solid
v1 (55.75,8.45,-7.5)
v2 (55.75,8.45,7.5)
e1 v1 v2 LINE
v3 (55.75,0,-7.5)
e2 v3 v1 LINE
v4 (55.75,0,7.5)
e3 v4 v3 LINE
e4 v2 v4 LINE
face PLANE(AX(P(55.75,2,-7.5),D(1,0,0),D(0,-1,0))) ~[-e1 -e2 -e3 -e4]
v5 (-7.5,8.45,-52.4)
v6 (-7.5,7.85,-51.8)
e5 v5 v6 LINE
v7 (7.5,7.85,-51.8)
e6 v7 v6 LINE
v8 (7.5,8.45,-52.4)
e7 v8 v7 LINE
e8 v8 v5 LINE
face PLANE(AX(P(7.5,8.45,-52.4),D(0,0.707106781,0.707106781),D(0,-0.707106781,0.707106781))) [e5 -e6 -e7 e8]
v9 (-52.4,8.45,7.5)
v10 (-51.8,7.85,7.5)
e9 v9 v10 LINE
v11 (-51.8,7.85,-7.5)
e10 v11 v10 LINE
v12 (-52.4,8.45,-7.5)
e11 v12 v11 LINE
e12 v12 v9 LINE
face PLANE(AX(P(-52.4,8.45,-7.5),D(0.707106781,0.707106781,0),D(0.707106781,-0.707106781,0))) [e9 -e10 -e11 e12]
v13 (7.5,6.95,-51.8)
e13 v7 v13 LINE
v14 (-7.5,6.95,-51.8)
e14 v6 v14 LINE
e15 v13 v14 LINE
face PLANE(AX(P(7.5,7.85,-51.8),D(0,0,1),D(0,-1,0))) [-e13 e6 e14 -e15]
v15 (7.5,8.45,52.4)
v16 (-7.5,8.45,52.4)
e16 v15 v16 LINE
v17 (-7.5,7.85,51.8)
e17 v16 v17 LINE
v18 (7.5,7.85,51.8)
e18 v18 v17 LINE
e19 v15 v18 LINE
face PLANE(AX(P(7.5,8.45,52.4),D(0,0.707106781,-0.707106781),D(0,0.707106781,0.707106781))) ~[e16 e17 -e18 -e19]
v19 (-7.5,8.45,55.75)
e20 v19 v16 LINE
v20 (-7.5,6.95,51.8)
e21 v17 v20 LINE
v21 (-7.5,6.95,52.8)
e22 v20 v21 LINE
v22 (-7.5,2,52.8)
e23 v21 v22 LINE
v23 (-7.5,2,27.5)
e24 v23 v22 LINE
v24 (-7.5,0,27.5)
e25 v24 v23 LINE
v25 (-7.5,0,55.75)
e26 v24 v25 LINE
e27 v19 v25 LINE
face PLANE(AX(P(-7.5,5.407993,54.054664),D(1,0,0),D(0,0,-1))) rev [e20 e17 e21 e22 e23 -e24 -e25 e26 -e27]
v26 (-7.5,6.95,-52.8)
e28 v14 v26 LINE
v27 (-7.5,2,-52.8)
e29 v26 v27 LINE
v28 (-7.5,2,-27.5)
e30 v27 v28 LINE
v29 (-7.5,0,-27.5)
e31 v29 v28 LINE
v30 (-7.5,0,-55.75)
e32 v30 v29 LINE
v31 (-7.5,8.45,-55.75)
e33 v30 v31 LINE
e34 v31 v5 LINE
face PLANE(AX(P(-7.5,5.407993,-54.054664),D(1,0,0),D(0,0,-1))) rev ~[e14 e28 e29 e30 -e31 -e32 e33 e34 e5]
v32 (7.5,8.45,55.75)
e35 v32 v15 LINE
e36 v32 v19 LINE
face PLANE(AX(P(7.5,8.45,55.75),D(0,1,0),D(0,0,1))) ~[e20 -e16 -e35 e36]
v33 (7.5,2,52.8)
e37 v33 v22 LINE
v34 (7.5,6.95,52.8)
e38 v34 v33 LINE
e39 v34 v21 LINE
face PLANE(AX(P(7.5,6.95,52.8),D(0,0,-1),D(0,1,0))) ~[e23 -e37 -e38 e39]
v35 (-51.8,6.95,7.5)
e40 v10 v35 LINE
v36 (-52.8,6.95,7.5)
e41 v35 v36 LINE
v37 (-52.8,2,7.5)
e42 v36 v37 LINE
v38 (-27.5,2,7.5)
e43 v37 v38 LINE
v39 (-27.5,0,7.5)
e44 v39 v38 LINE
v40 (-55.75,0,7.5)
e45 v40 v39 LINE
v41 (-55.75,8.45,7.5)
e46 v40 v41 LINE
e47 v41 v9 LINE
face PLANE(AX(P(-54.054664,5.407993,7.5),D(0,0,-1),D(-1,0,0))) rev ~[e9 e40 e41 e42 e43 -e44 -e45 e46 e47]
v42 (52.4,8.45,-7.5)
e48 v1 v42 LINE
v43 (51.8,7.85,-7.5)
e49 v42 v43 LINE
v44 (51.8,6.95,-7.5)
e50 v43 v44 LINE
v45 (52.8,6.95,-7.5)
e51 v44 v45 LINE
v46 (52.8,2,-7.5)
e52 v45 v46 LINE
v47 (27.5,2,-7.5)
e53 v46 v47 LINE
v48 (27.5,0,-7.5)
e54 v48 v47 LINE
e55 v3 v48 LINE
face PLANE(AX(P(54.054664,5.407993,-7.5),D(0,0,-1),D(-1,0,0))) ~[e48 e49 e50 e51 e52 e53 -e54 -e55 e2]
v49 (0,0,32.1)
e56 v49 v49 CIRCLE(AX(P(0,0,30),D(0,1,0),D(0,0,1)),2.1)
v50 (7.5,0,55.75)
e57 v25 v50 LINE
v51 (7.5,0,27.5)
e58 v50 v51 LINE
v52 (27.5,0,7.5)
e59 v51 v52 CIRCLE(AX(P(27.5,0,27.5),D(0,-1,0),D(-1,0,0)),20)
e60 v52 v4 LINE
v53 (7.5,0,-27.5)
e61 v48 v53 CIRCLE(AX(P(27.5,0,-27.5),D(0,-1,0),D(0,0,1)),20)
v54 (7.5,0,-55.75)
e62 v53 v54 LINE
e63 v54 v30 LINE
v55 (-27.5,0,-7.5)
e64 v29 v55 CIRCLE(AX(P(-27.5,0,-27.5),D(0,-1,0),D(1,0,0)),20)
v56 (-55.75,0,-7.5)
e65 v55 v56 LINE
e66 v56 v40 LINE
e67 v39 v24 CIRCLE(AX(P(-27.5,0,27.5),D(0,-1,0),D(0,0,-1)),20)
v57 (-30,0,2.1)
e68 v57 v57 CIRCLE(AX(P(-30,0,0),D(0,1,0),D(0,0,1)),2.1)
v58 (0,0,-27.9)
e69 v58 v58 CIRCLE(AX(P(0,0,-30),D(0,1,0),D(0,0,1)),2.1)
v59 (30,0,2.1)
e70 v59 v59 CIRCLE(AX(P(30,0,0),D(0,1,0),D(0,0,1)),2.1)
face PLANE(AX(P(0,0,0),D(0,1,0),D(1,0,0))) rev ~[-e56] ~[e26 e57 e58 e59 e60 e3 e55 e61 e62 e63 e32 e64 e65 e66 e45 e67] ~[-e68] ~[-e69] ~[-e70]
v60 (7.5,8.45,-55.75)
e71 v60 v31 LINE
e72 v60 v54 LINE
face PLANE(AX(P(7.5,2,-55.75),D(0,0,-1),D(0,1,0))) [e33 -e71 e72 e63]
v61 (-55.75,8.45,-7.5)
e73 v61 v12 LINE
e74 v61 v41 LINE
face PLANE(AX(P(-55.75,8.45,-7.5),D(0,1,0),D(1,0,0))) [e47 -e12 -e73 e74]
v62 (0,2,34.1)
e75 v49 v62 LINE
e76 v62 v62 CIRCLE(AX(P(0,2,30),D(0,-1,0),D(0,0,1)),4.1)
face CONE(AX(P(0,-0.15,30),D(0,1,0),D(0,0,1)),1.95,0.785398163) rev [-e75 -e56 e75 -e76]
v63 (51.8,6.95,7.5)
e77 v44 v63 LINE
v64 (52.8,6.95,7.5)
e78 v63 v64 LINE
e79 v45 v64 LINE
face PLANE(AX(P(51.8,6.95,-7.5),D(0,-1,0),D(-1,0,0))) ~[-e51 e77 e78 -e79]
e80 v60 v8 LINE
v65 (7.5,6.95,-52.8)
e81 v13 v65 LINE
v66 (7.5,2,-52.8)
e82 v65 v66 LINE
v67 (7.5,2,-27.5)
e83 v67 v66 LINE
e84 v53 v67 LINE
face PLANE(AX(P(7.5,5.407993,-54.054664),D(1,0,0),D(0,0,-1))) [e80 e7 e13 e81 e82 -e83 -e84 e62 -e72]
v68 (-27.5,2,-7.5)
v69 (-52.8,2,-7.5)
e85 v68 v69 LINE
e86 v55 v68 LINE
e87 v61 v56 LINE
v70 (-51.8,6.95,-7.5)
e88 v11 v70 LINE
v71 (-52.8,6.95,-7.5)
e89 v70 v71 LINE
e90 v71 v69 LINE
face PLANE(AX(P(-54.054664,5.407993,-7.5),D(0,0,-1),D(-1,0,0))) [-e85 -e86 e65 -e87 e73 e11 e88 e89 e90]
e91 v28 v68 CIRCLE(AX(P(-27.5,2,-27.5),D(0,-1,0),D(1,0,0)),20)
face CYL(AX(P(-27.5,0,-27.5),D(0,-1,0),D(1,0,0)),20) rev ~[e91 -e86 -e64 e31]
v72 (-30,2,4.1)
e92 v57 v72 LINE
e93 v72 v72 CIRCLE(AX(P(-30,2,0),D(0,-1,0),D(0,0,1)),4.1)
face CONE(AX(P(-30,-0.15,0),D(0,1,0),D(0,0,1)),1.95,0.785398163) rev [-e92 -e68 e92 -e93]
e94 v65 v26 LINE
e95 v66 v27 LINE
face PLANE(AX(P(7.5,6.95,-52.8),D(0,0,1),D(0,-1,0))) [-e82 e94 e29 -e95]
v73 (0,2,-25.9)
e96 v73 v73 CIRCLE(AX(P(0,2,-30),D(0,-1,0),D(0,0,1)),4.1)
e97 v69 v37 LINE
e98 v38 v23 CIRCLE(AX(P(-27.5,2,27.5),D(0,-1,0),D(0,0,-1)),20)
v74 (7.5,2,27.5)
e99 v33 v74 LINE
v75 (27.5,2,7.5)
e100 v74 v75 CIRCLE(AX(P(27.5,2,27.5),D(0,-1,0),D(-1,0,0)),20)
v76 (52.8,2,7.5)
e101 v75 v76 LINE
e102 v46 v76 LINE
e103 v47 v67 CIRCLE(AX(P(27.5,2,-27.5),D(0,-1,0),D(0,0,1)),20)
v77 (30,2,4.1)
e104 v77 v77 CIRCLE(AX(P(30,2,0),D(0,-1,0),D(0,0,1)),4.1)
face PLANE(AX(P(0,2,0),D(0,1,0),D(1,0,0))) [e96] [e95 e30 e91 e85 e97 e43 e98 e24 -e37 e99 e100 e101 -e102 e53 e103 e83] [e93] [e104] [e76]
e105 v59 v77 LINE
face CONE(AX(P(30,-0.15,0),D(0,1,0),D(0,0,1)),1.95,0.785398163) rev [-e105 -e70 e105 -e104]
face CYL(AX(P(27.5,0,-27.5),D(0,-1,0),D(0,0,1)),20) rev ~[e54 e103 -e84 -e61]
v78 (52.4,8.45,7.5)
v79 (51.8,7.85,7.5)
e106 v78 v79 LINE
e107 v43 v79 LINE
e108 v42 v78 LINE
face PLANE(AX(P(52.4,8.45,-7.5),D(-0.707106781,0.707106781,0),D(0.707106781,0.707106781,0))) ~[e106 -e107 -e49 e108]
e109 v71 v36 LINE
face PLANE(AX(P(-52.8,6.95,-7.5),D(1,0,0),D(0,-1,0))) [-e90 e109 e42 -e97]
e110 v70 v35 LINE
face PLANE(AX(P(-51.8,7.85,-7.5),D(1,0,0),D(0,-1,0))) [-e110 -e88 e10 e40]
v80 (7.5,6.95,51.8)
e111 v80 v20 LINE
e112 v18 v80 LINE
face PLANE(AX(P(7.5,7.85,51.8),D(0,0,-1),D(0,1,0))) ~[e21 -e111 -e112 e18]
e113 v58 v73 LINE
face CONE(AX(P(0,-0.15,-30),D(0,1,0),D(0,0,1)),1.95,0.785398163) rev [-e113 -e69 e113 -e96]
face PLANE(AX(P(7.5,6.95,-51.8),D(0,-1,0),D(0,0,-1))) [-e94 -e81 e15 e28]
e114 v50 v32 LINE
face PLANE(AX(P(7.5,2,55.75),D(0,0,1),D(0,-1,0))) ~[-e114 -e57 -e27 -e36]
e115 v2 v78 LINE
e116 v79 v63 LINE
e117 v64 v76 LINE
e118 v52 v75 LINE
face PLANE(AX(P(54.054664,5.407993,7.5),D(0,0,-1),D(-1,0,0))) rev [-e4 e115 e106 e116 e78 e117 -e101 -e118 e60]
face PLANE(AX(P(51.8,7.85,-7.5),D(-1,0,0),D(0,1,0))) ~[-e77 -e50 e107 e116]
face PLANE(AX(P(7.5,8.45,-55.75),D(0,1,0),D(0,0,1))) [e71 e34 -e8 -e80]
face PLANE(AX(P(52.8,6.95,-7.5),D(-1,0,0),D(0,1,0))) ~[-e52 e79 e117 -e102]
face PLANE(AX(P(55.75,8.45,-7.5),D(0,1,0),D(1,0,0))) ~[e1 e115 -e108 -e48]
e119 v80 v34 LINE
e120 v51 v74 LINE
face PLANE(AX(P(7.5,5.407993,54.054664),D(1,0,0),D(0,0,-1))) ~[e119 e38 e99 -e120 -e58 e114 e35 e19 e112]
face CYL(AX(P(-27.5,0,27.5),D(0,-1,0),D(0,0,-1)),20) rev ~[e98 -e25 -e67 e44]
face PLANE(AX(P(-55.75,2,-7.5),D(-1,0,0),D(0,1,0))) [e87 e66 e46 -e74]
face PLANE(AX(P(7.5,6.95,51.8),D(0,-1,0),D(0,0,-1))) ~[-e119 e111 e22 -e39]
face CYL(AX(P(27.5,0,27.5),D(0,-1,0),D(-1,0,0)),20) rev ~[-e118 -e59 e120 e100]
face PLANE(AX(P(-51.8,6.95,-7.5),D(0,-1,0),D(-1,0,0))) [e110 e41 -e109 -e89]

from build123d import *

# Parameters (mm, degrees)
BOSS_EXTRUDE1_DEPTH                            = 2
BOSS_EXTRUDE3_DEPTH                            = 15
BOSS_EXTRUDE4_DEPTH                            = 15
CSK_FOR_M3_5_FLAT_HEAD_MACHINE_SCREW1_AT_COUNT = 2
CSK_FOR_M3_5_FLAT_HEAD_MACHINE_SCREW1_AT_PITCH = 42.426406871
CSK_FOR_M3_5_FLAT_HEAD_MACHINE_SCREW_2_COUNT   = 2
CSK_FOR_M3_5_FLAT_HEAD_MACHINE_SCREW_2_PITCH   = 60
CSK_FOR_M3_5_FLAT_HEAD_MACHINE_SCREW_3_COUNT   = 2
CSK_FOR_M3_5_FLAT_HEAD_MACHINE_SCREW_3_PITCH   = 42.426406871


with BuildPart() as part:
    # Sketch1 → Boss-Extrude1 (new body)
    with BuildSketch(Plane(origin=(0, 0, 0), x_dir=(1, 0, 0), z_dir=(0, 1, 0))):
        with BuildLine():
            Line((-7.5, 55.75), (-7.5, 27.5))
            ThreePointArc((-7.5, 27.5), (-13.357864376, 13.357864376), (-27.5, 7.5))
            Line((-27.5, 7.5), (-55.75, 7.5))
            Line((-55.75, 7.5), (-55.75, -7.5))
            Line((-55.75, -7.5), (-27.5, -7.5))
            ThreePointArc((-27.5, -7.5), (-13.357864376, -13.357864376), (-7.5, -27.5))
            Line((-7.5, -27.5), (-7.5, -55.75))
            Line((-7.5, -55.75), (7.5, -55.75))
            Line((7.5, -55.75), (7.5, -27.5))
            ThreePointArc((7.5, -27.5), (13.357864376, -13.357864376), (27.5, -7.5))
            Line((27.5, -7.5), (55.75, -7.5))
            Line((55.75, -7.5), (55.75, 7.5))
            Line((55.75, 7.5), (27.5, 7.5))
            ThreePointArc((27.5, 7.5), (13.357864376, 13.357864376), (7.5, 27.5))
            Line((7.5, 27.5), (7.5, 55.75))
            Line((7.5, 55.75), (-7.5, 55.75))
        make_face()
    extrude(amount=BOSS_EXTRUDE1_DEPTH)

    # Sketch3 → Boss-Extrude3 (add)
    with BuildSketch(Plane(origin=(7.5, 0, 0), x_dir=(0, 0, -1), z_dir=(1, 0, 0))):
        Polygon((55.75, 2), (55.75, 8.45), (52.4, 8.45), (51.8, 7.85), (51.8, 6.95), (52.8, 6.95), (52.8, 2), align=None)
    boss_extrude3 = extrude(amount=-BOSS_EXTRUDE3_DEPTH)

    # Mirror1: Boss-Extrude3 across plane
    add(boss_extrude3.mirror(Plane.XY))

    # Sketch6 → Boss-Extrude4 (add)
    with BuildSketch(Plane(origin=(0, 0, -7.5), x_dir=(-1, 0, 0), z_dir=(0, 0, -1))):
        Polygon((55.75, 2), (55.75, 8.45), (52.4, 8.45), (51.8, 7.85), (51.8, 6.95), (52.8, 6.95), (52.8, 2), align=None)
    boss_extrude4 = extrude(amount=-BOSS_EXTRUDE4_DEPTH)

    # Mirror2: Boss-Extrude4 across plane
    add(boss_extrude4.mirror(Plane(origin=(0, 0, 0), x_dir=(0, 0, 1), z_dir=(1, 0, 0))))

    # Sketch9 → CSK for M3.5 Flat Head Machine Screw1 (revolve, cut)
    with BuildSketch(Plane(origin=(0, 2, 30), x_dir=(0, 0, 1), z_dir=(1, 0, 0))):
        Polygon((0, 0), (0, 2), (1.95, 2), (1.95, 2.15), (4.1, 0), align=None)
    csk_for_m3_5_flat_head_machine_screw1 = revolve(axis=Axis((0, 8.35, 30), (0, -1, 0)), mode=Mode.SUBTRACT)

    # CSK for M3.5 Flat Head Machine Screw1 at: CSK for M3.5 Flat Head Machine Screw1 ×2
    with Locations(*[Vector(-0.707106781, 0, -0.707106781) * (i * CSK_FOR_M3_5_FLAT_HEAD_MACHINE_SCREW1_AT_PITCH) for i in range(1, CSK_FOR_M3_5_FLAT_HEAD_MACHINE_SCREW1_AT_COUNT)]):
        add(csk_for_m3_5_flat_head_machine_screw1, mode=Mode.SUBTRACT)

    # CSK for M3.5 Flat Head Machine Screw 2: CSK for M3.5 Flat Head Machine Screw1 ×2
    with Locations(*[(0, 0, -i * CSK_FOR_M3_5_FLAT_HEAD_MACHINE_SCREW_2_PITCH) for i in range(1, CSK_FOR_M3_5_FLAT_HEAD_MACHINE_SCREW_2_COUNT)]):
        add(csk_for_m3_5_flat_head_machine_screw1, mode=Mode.SUBTRACT)

    # CSK for M3.5 Flat Head Machine Screw 3: CSK for M3.5 Flat Head Machine Screw1 ×2
    with Locations(*[Vector(0.707106781, 0, -0.707106781) * (i * CSK_FOR_M3_5_FLAT_HEAD_MACHINE_SCREW_3_PITCH) for i in range(1, CSK_FOR_M3_5_FLAT_HEAD_MACHINE_SCREW_3_COUNT)]):
        add(csk_for_m3_5_flat_head_machine_screw1, mode=Mode.SUBTRACT)


solid = part.part
